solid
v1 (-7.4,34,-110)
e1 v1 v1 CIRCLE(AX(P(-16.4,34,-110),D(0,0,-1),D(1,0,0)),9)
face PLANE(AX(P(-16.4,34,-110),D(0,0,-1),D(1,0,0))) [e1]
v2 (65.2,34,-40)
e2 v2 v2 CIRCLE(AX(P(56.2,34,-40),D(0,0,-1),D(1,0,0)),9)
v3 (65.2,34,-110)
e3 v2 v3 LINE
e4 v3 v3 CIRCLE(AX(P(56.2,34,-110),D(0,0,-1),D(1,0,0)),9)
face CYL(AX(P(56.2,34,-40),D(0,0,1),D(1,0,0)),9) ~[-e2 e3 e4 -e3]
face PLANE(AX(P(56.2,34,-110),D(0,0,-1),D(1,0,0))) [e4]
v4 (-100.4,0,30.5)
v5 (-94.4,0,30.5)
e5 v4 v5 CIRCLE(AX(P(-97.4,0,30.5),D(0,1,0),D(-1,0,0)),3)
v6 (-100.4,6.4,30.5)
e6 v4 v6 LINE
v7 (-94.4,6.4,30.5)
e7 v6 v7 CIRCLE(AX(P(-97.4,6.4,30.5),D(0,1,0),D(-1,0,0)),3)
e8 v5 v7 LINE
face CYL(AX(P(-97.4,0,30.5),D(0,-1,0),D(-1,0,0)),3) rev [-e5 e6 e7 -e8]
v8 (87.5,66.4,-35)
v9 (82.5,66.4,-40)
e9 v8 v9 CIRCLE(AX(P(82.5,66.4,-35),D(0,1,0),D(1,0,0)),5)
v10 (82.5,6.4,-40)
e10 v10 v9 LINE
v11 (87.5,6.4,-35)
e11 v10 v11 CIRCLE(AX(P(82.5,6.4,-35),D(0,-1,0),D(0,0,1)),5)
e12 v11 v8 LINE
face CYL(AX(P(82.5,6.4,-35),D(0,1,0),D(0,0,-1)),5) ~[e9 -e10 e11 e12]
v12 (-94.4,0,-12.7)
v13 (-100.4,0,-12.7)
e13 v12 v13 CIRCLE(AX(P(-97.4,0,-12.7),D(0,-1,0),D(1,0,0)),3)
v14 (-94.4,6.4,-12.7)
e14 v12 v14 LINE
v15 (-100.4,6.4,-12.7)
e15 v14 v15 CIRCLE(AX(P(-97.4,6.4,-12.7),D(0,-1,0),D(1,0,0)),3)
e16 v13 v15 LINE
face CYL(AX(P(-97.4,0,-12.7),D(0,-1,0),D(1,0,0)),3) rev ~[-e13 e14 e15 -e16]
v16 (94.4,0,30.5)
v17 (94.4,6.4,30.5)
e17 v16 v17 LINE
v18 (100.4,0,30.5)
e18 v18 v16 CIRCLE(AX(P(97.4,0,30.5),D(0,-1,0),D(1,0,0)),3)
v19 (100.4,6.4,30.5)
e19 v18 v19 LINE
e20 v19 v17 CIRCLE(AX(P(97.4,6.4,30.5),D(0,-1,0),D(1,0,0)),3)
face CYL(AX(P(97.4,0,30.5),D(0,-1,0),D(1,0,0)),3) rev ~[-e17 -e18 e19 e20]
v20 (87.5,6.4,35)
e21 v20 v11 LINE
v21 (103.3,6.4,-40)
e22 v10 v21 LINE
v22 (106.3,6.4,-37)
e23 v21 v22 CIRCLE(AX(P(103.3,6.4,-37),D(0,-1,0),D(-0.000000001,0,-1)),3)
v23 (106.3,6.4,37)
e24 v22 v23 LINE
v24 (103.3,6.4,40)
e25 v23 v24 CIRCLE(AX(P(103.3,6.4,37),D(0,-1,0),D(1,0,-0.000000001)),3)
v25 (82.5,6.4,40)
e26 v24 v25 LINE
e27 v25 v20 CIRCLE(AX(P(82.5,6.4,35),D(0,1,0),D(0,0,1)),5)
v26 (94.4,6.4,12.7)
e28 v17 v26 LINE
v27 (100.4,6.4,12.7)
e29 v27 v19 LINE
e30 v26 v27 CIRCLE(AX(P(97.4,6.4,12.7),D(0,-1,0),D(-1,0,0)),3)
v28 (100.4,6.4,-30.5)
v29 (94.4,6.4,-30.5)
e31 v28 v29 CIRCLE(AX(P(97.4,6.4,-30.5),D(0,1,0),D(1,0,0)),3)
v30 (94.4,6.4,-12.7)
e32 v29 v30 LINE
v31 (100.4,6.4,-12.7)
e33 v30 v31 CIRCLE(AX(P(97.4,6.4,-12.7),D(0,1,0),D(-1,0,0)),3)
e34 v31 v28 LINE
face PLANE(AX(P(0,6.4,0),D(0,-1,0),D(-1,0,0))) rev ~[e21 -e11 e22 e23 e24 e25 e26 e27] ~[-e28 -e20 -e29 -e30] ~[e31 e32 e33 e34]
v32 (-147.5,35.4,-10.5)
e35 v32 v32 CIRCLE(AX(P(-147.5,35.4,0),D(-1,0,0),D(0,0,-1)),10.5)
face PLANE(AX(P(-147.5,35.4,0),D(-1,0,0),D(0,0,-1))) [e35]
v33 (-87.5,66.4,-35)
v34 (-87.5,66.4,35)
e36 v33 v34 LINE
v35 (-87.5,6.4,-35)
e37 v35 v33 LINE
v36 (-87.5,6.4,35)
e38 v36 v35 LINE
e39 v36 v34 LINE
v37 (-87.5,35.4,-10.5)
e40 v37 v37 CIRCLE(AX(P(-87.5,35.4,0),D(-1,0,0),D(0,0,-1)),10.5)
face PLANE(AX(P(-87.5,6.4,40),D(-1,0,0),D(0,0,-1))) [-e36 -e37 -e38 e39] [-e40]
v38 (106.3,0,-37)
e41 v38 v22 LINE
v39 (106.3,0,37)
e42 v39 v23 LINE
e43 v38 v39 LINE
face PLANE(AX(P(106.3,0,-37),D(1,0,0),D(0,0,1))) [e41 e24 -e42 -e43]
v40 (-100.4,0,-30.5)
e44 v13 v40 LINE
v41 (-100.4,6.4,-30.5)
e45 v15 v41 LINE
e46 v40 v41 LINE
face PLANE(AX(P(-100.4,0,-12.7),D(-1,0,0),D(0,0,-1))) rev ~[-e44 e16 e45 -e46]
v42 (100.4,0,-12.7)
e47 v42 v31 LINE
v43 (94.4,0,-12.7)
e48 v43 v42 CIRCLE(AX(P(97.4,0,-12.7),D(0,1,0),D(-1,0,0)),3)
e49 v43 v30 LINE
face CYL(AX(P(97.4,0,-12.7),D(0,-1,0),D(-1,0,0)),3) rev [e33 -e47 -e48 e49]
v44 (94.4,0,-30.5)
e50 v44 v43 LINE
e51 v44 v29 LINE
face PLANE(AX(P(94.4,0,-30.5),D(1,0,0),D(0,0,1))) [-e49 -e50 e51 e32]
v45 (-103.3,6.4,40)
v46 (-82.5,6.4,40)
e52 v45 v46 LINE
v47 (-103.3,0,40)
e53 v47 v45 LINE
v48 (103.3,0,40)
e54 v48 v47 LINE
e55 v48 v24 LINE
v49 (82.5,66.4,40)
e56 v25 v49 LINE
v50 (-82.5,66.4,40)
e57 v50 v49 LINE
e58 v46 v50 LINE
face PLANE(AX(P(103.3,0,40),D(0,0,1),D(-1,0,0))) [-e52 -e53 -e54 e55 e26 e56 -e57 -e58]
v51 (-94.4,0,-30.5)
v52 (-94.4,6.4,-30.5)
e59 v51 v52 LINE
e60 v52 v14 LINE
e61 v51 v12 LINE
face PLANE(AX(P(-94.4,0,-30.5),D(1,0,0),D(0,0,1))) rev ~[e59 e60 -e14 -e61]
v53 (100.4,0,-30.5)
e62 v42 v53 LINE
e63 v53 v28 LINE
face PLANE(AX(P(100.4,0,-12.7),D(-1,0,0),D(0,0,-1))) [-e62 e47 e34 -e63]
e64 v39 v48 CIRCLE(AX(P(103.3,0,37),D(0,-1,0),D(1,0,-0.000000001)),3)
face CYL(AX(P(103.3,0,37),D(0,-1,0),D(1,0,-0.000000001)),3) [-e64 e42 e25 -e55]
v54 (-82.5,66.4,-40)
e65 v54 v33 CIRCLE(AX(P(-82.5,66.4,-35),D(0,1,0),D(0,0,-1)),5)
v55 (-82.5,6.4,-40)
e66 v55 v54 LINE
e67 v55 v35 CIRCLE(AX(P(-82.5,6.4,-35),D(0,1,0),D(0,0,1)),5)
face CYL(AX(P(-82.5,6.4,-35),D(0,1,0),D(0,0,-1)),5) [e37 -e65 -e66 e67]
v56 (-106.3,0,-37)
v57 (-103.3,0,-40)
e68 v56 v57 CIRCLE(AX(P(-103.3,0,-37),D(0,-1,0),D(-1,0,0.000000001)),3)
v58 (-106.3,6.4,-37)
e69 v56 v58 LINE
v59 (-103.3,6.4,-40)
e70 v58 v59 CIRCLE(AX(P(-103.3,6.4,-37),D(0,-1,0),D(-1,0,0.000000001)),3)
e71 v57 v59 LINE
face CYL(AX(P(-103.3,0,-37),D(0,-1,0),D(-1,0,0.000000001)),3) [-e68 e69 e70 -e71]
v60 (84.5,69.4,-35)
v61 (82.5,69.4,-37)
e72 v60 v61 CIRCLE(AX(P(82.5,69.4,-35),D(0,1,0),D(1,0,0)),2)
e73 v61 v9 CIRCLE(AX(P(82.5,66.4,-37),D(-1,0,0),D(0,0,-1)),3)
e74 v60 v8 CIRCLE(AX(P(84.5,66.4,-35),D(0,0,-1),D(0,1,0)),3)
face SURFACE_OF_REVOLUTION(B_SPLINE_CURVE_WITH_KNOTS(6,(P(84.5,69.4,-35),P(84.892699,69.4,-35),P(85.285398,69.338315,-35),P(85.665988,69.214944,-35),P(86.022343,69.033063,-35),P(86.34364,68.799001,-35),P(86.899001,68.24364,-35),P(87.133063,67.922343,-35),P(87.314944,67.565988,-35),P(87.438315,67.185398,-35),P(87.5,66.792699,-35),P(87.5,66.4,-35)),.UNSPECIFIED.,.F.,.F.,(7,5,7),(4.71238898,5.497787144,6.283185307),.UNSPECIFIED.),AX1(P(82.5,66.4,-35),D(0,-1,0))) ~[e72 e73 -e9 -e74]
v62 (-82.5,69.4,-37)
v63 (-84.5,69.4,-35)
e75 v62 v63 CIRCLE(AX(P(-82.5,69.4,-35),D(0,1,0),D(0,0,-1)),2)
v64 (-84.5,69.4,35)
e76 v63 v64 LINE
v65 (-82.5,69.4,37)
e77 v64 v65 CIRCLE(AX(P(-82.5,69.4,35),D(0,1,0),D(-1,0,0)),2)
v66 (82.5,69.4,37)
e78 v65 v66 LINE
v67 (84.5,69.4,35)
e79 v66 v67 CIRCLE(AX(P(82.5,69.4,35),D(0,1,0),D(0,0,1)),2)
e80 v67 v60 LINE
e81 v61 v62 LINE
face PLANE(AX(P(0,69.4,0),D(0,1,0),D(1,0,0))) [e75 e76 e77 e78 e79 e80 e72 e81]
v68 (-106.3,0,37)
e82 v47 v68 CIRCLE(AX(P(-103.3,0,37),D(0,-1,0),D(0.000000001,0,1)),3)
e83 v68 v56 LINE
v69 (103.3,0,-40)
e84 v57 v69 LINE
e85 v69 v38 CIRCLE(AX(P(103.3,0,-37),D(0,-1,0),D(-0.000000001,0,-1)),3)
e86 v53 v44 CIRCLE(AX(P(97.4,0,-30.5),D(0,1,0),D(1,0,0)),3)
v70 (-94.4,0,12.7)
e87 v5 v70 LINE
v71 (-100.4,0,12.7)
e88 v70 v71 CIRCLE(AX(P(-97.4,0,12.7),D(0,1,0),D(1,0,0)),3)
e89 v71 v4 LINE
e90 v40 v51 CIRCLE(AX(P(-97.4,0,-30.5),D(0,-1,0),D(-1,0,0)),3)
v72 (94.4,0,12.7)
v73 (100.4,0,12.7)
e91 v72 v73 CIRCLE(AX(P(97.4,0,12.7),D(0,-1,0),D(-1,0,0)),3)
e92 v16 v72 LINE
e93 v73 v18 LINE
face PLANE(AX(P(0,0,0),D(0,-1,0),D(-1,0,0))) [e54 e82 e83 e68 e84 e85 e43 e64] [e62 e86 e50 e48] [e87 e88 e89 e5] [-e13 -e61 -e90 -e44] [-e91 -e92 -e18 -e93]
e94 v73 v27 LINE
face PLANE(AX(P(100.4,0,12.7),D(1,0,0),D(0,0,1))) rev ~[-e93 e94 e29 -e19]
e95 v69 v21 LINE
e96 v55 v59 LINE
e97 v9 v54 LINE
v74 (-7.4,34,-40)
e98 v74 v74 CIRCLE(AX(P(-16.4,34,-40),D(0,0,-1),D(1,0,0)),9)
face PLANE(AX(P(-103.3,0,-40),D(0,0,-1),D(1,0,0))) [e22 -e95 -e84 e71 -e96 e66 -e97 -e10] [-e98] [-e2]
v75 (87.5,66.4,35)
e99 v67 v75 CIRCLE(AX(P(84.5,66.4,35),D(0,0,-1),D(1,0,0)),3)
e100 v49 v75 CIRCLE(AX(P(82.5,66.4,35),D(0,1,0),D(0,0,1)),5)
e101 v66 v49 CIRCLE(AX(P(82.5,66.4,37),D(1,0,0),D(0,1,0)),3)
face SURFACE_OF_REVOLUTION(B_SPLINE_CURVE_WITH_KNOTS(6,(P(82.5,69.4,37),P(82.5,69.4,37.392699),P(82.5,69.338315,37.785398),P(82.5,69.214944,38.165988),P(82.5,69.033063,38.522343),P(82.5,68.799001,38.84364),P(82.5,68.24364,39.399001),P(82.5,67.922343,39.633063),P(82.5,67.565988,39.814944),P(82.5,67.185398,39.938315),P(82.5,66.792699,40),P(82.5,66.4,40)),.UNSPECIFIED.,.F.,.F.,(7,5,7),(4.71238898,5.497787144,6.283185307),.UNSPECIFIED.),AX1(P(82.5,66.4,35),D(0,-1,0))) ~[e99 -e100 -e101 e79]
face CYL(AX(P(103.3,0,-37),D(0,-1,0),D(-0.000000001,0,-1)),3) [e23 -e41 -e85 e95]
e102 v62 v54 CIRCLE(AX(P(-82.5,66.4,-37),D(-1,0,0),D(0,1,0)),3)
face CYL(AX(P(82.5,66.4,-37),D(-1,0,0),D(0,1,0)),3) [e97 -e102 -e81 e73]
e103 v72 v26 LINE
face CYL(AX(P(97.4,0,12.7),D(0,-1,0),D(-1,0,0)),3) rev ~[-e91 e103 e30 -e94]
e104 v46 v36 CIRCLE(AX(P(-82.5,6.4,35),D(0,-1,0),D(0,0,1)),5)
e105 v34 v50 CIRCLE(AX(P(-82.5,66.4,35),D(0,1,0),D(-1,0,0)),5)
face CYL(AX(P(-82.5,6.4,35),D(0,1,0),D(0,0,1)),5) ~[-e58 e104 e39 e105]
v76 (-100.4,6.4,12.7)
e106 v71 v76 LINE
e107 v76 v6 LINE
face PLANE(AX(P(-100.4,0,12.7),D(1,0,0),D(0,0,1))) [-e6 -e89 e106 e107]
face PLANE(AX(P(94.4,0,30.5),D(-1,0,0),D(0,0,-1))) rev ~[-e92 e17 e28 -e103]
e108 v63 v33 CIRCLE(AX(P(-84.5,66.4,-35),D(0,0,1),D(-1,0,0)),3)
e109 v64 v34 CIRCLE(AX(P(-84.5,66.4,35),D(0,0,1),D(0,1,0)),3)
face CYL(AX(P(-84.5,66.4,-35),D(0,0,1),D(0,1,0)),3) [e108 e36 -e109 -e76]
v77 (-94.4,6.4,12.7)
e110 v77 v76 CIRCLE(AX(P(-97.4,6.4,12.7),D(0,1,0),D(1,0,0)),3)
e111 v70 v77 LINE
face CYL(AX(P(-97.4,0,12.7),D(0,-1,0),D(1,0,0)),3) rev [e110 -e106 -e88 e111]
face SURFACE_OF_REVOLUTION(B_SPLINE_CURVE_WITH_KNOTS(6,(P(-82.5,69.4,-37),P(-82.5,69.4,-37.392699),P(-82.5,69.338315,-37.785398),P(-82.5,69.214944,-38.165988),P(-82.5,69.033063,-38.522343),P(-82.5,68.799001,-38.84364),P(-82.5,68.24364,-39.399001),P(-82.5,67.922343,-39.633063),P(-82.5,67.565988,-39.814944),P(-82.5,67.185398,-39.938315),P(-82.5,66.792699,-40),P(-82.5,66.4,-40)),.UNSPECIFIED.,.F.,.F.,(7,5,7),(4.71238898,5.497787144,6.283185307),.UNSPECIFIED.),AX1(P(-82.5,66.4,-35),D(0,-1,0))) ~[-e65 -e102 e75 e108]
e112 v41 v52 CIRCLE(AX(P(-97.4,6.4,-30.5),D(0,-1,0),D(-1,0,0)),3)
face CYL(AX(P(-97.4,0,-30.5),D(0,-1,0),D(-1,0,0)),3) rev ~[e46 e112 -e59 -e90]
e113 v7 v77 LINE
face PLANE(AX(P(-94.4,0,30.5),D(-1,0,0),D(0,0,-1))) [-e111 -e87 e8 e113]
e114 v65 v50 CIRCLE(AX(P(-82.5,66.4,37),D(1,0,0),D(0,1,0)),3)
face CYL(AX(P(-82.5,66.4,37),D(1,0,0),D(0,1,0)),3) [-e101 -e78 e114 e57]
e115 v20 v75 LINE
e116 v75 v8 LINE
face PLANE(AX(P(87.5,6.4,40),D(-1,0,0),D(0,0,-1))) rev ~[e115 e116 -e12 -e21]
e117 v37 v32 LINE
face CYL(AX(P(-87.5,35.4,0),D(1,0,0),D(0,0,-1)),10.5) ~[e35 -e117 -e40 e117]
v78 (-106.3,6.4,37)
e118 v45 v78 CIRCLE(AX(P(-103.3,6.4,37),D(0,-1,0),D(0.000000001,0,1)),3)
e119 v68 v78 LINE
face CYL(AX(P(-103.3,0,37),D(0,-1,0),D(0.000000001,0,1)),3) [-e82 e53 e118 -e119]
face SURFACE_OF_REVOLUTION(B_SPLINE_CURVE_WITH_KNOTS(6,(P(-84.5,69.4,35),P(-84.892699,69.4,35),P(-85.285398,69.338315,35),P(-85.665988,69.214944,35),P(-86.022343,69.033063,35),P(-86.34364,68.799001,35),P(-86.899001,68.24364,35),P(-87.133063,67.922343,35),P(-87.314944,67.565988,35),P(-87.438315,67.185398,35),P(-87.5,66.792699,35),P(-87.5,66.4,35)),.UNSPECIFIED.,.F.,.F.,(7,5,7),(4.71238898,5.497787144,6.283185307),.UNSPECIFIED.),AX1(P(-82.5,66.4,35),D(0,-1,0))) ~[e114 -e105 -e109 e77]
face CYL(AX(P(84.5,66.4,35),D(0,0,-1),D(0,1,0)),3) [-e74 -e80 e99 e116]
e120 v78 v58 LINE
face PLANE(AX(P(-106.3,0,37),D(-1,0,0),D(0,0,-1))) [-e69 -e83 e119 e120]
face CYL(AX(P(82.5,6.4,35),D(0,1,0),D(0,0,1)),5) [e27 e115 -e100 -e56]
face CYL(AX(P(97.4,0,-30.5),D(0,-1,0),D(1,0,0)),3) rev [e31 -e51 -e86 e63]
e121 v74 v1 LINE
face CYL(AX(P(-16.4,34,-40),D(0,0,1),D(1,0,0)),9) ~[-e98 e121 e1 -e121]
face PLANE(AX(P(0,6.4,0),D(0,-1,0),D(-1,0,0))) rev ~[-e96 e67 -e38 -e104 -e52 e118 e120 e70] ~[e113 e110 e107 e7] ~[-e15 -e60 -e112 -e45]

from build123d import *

# Parameters (mm, degrees)
AUFSATZ_LINEAR_AUSTRAGEN1_DEPTH = 6.4
SKIZZE2_W                       = 175
SKIZZE2_H                       = 80
AUFSATZ_LINEAR_AUSTRAGEN2_DEPTH = 63
VERRUNDUNG1_R                   = 5
VERRUNDUNG2_R                   = 3
SKIZZE3_R                       = 9
AUFSATZ_LINEAR_AUSTRAGEN3_DEPTH = 70
SKIZZE4_R                       = 10.5
AUFSATZ_LINEAR_AUSTRAGEN4_DEPTH = 60


with BuildPart() as part:
    # Skizze1 → Aufsatz-Linear austragen1 (new body)
    with BuildSketch(Plane(origin=(0, 0, 0), x_dir=(1, 0, 0), z_dir=(0, 1, 0))):
        with BuildLine():
            Line((-106.3, -37), (-106.3, 37))
            ThreePointArc((-106.3, 37), (-105.421320344, 39.121320344), (-103.3, 40))
            Line((-103.3, 40), (103.3, 40))
            ThreePointArc((103.3, 40), (105.421320344, 39.121320344), (106.3, 37))
            Line((106.3, 37), (106.3, -37))
            ThreePointArc((106.3, -37), (105.421320344, -39.121320344), (103.3, -40))
            Line((103.3, -40), (-103.3, -40))
            ThreePointArc((-103.3, -40), (-105.421320344, -39.121320344), (-106.3, -37))
        make_face()
        with BuildLine():
            Line((-94.4, 30.5), (-94.4, 12.7))
            ThreePointArc((-94.4, 12.7), (-97.4, 9.7), (-100.4, 12.7))
            Line((-100.4, 12.7), (-100.4, 30.5))
            ThreePointArc((-100.4, 30.5), (-97.4, 33.5), (-94.4, 30.5))
        make_face(mode=Mode.SUBTRACT)
        with BuildLine():
            Line((-94.4, -30.5), (-94.4, -12.7))
            ThreePointArc((-94.4, -12.7), (-97.4, -9.7), (-100.4, -12.7))
            Line((-100.4, -12.7), (-100.4, -30.5))
            ThreePointArc((-100.4, -30.5), (-97.4, -33.5), (-94.4, -30.5))
        make_face(mode=Mode.SUBTRACT)
        with BuildLine():
            Line((94.4, 30.5), (94.4, 12.7))
            ThreePointArc((94.4, 12.7), (97.4, 9.7), (100.4, 12.7))
            Line((100.4, 12.7), (100.4, 30.5))
            ThreePointArc((100.4, 30.5), (97.4, 33.5), (94.4, 30.5))
        make_face(mode=Mode.SUBTRACT)
        with BuildLine():
            Line((94.4, -30.5), (94.4, -12.7))
            ThreePointArc((94.4, -12.7), (97.4, -9.7), (100.4, -12.7))
            Line((100.4, -12.7), (100.4, -30.5))
            ThreePointArc((100.4, -30.5), (97.4, -33.5), (94.4, -30.5))
        make_face(mode=Mode.SUBTRACT)
    extrude(amount=AUFSATZ_LINEAR_AUSTRAGEN1_DEPTH)

    # Skizze2 → Aufsatz-Linear austragen2 (add)
    with BuildSketch(Plane(origin=(0, 6.4, 0), x_dir=(1, 0, 0), z_dir=(0, 1, 0))):
        Rectangle(SKIZZE2_W, SKIZZE2_H)
    extrude(amount=AUFSATZ_LINEAR_AUSTRAGEN2_DEPTH)

    # Verrundung1
    verrundung1_edges = [part.edges().sort_by_distance(p)[0] for p in [
        (-87.5, 37.9, 40),
        (87.5, 37.9, 40),
        (87.5, 37.9, -40),
        (-87.5, 37.9, -40),
    ]]
    fillet(verrundung1_edges, radius=VERRUNDUNG1_R)

    # Verrundung2
    verrundung2_edges = [part.edges().sort_by_distance(p)[0] for p in [
        (0, 69.4, 40),
        (-87.5, 69.4, 0),
        (86.035533906, 69.4, 38.535533906),
        (-86.035533906, 69.4, 38.535533906),
        (-86.035533906, 69.4, -38.535533906),
        (86.035533906, 69.4, -38.535533906),
        (0, 69.4, -40),
        (87.5, 69.4, 0),
    ]]
    fillet(verrundung2_edges, radius=VERRUNDUNG2_R)

    # Skizze3 → Aufsatz-Linear austragen3 (add)
    with BuildSketch(Plane(origin=(0, 0, -40), x_dir=(-1, 0, 0), z_dir=(0, 0, -1))):
        with Locations(Location((-56.2, 34, 0), (0, 0, 180))):
            Circle(SKIZZE3_R)
        with Locations(Location((16.4, 34, 0), (0, 0, 180))):
            Circle(SKIZZE3_R)
    extrude(amount=AUFSATZ_LINEAR_AUSTRAGEN3_DEPTH)

    # Skizze4 → Aufsatz-Linear austragen4 (add)
    with BuildSketch(Plane.ZY.offset(87.5)):
        with Locations(Location((0, 35.4, 0), (0, 0, 180))):
            Circle(SKIZZE4_R)
    extrude(amount=AUFSATZ_LINEAR_AUSTRAGEN4_DEPTH)


solid = part.part
